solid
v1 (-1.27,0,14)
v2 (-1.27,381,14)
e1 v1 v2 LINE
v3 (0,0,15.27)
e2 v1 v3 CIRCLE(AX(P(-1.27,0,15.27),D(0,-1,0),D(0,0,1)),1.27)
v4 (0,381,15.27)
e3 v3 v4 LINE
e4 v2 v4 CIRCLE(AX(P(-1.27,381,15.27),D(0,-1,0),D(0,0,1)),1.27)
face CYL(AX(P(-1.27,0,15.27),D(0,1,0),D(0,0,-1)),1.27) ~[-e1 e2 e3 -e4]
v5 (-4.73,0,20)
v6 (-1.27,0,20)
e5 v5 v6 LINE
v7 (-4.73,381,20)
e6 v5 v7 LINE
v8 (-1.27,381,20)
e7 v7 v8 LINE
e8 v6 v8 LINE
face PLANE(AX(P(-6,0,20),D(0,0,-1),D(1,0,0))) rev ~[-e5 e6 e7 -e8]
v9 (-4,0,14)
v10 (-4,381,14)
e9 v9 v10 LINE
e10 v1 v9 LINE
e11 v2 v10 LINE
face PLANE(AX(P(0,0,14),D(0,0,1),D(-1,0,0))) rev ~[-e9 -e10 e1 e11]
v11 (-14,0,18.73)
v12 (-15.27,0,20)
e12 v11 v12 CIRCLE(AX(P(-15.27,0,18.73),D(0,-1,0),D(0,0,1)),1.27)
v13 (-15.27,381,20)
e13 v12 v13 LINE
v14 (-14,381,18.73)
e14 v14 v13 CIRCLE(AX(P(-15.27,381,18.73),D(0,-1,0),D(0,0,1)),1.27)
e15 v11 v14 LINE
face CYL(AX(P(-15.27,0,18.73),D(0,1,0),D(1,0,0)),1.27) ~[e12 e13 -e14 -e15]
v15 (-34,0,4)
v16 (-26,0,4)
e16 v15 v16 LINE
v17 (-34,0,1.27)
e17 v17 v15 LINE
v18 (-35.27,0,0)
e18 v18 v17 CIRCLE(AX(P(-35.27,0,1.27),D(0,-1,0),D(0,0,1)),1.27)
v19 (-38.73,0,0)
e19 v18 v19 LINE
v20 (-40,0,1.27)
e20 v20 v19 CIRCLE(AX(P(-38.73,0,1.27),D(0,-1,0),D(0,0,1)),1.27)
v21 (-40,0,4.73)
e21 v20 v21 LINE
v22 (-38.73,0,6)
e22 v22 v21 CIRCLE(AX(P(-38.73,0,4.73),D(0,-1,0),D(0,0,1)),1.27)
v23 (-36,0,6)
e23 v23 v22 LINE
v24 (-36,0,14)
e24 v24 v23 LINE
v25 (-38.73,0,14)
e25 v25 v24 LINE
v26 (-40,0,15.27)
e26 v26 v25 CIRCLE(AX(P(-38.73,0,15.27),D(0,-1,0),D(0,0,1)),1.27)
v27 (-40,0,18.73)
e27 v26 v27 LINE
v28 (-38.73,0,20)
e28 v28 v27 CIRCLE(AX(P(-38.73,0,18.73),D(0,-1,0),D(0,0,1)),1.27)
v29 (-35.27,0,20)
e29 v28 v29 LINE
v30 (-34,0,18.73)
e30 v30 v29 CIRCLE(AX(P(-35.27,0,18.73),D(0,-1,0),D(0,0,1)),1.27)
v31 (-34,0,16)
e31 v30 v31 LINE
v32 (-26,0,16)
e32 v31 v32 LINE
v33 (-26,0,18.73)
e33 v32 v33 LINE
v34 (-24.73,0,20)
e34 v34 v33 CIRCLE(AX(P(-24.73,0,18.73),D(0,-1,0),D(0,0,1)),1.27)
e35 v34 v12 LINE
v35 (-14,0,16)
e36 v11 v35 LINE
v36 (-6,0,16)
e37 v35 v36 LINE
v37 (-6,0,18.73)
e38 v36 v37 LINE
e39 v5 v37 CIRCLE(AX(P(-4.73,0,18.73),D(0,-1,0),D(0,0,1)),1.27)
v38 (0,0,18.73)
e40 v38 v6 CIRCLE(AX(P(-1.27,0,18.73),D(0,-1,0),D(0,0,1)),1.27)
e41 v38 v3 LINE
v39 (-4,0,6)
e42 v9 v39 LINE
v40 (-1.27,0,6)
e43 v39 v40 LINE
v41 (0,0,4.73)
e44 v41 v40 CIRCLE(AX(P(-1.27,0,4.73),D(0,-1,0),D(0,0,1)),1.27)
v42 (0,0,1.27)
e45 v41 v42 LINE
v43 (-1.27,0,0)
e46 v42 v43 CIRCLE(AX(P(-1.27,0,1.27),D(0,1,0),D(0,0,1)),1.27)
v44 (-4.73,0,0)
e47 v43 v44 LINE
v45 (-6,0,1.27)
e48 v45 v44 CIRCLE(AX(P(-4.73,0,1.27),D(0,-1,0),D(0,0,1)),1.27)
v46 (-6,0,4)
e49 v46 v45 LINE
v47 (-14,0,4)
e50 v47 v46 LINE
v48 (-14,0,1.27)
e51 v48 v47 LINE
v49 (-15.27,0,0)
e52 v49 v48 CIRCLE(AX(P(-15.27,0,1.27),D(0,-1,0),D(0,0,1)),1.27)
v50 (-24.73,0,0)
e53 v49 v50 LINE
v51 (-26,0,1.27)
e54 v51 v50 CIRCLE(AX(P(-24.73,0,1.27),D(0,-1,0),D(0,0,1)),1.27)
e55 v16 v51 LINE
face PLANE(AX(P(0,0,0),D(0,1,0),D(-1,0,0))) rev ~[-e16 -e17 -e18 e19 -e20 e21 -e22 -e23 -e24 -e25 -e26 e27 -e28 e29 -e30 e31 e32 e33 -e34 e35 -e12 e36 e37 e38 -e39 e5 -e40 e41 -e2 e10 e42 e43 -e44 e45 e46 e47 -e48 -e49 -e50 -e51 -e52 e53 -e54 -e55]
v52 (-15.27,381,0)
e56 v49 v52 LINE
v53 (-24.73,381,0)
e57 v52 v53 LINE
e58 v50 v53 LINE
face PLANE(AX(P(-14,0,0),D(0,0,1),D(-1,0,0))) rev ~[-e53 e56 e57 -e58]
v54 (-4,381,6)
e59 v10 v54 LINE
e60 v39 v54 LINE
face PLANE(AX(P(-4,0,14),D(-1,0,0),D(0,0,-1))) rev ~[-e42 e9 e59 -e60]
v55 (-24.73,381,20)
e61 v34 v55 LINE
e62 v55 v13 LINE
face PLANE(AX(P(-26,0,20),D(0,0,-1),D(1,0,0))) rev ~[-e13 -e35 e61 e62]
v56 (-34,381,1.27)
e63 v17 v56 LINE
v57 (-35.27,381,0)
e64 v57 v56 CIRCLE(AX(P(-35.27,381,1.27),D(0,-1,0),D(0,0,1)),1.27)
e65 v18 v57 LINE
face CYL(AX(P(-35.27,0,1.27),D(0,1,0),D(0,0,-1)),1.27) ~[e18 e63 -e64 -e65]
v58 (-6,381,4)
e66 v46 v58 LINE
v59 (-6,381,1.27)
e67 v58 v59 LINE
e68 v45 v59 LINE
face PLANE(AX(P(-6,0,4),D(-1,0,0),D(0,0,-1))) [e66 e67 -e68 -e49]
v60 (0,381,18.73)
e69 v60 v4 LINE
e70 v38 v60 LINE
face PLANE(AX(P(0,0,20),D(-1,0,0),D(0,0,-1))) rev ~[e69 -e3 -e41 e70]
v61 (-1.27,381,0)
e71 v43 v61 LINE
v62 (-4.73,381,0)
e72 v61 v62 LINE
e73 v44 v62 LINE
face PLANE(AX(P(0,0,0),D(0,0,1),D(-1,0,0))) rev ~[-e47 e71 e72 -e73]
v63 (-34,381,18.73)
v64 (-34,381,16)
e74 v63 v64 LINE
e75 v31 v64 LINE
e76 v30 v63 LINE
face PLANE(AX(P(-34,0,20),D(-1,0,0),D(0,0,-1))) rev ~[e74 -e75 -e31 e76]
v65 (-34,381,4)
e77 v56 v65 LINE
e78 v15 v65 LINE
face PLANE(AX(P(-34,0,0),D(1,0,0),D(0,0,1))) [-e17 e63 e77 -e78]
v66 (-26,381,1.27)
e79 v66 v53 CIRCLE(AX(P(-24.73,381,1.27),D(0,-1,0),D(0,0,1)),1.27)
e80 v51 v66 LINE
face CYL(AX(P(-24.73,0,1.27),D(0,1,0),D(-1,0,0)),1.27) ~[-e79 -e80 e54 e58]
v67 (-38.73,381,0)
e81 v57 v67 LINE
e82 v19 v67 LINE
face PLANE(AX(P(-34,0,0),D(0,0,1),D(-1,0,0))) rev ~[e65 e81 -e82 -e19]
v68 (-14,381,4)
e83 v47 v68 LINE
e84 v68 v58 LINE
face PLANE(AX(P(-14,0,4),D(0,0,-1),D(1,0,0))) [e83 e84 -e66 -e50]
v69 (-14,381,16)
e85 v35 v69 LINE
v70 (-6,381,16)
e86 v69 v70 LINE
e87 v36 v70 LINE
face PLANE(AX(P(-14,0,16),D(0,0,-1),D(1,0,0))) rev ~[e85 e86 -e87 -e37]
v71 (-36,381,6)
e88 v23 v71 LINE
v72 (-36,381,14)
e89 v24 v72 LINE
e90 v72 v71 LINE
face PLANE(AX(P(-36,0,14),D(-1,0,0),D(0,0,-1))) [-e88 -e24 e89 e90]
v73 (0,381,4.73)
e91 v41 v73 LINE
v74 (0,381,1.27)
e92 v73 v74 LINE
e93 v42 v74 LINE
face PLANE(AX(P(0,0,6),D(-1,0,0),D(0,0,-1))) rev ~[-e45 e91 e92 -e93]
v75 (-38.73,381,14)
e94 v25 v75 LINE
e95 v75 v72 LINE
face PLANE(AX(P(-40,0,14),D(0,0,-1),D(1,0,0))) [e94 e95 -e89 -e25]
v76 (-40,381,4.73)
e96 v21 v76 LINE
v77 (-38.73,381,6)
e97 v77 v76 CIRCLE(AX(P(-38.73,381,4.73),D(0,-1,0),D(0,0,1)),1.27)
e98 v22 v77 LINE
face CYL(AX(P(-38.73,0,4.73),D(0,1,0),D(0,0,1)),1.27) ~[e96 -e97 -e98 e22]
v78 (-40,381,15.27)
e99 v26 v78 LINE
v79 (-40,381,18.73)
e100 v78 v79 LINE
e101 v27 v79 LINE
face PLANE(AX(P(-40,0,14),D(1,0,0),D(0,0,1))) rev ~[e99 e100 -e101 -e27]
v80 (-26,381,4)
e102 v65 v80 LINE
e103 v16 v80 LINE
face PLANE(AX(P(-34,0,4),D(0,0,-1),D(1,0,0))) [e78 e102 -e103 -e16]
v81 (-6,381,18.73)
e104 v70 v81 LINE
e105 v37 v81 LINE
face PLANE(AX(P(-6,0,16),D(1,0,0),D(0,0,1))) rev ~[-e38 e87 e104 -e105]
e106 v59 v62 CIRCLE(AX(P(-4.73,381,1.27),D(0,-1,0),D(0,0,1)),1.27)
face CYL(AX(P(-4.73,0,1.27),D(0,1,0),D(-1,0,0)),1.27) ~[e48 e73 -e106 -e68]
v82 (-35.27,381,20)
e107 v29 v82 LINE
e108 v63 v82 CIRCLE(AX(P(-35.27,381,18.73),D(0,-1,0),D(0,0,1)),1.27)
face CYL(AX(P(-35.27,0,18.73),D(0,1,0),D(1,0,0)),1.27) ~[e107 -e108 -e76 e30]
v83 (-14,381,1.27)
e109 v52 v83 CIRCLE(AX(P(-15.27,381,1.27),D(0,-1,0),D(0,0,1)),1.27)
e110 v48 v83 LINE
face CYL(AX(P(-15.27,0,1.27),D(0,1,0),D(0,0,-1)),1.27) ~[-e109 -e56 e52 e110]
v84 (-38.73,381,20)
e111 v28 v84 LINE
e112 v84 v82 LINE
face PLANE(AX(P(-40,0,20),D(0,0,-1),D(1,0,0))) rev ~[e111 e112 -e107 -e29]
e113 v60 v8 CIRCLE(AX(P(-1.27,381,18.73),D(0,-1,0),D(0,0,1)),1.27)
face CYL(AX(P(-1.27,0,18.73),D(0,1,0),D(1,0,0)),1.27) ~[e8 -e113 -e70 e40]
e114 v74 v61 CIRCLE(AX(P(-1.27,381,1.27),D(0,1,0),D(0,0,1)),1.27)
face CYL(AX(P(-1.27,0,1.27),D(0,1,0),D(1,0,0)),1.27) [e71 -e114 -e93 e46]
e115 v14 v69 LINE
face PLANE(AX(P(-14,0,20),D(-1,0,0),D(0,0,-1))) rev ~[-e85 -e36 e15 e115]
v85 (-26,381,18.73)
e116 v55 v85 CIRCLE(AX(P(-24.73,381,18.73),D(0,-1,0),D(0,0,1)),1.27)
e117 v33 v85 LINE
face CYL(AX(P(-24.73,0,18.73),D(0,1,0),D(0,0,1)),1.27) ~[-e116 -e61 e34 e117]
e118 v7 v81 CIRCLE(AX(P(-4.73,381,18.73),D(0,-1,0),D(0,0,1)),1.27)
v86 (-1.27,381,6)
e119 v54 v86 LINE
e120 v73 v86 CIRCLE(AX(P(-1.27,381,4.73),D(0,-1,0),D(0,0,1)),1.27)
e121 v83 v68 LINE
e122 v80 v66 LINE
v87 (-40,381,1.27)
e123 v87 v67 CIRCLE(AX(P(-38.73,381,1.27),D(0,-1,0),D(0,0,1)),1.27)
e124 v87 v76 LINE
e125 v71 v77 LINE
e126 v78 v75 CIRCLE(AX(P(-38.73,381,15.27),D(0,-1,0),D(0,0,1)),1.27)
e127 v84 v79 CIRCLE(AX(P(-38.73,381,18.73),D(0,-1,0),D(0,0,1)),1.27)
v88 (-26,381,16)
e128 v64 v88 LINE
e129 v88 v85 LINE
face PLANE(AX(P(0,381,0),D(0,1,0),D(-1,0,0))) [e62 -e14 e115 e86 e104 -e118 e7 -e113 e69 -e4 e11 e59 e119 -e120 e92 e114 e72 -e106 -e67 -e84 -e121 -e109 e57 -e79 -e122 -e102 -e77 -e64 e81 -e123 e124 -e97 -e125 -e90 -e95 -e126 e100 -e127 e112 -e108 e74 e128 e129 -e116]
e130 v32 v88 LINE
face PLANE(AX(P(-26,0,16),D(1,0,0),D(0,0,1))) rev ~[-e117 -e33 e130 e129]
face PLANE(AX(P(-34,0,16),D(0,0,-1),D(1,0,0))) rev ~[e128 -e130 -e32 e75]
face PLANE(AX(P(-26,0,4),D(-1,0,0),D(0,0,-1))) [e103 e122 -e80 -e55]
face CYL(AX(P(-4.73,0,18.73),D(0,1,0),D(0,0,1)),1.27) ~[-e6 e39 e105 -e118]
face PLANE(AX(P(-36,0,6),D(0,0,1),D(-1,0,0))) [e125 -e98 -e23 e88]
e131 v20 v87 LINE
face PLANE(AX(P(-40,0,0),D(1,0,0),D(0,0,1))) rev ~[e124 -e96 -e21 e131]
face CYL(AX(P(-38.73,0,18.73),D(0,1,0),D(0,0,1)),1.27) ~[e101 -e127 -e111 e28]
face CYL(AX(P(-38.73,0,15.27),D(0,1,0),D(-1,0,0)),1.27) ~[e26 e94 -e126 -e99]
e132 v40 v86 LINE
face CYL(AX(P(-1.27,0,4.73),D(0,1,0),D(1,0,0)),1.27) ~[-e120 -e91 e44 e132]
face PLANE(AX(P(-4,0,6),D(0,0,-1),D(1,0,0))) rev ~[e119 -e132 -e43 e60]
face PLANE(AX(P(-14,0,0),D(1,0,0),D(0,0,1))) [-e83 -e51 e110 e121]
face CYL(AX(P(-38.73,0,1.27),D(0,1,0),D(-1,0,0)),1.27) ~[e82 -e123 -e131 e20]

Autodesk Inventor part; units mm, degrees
ref_plane "YZ Plane" through (0, 0, 0) normal (1, 0, 0) x (0, 1, 0)
ref_plane "XZ Plane" through (0, 0, 0) normal (0, 1, 0) x (-1, 0, 0)
ref_plane "XY Plane" through (0, 0, 0) normal (0, 0, 1) x (1, 0, 0)
sketch "Sketch1" plane through (0, 0, 0) normal (0, 1, 0) x (-1, 0, 0)
  line L0 (0, 0) -> (40, 0)
  line L1 (40, 0) -> (40, 20)
  line L2 (40, 20) -> (0, 20)
  line L3 (0, 20) -> (0, 0)
  line L4 (0, 14) -> (4, 14)
  line L5 (4, 14) -> (4, 6)
  line L6 (4, 6) -> (0, 6)
  line L7 (0, 6) -> (0, 14)
  line L8 (40, 14) -> (36, 14)
  line L9 (36, 14) -> (36, 6)
  line L10 (36, 6) -> (40, 6)
  line L11 (40, 6) -> (40, 14)
  line L12 (6, 0) -> (14, 0)
  line L13 (14, 0) -> (14, 4)
  line L14 (14, 4) -> (6, 4)
  line L15 (6, 4) -> (6, 0)
  line L16 (26, 0) -> (34, 0)
  line L17 (34, 0) -> (34, 4)
  line L18 (34, 4) -> (26, 4)
  line L19 (26, 4) -> (26, 0)
  line L20 (6, 20) -> (14, 20)
  line L21 (14, 20) -> (14, 16)
  line L22 (14, 16) -> (6, 16)
  line L23 (6, 16) -> (6, 20)
  line L24 (26, 20) -> (34, 20)
  line L25 (34, 20) -> (34, 16)
  line L26 (34, 16) -> (26, 16)
  line L27 (26, 16) -> (26, 20)
  dimension "d0" = 40
  dimension "d1" = 20
  dimension "d2" = 6
  dimension "d3" = 8
  dimension "d4" = 4
  dimension "d5" = 8
  dimension "d6" = 6
  dimension "d7" = 4
  dimension "d8" = 4
  dimension "d9" = 8
  dimension "d10" = 6
  dimension "d11" = 4
extrude "Extrusion1" add sketch "Sketch1" along normal blind 381 contours L3 L6 L5 L4 L2 L23 L22 L21 L27 L26 L25 L1 L8 L9 L10 L0 L17 L18 L19 L13 L14 L15
fillet "Fillet1" radius 1.27 16 edges at (-40, 190.5, 20) (-40, 190.5, 14) (-40, 190.5, 6) (-40, 190.5, 0) (-34, 190.5, 0) (-34, 190.5, 20) (-26, 190.5, 20) (-14, 190.5, 20) (-6, 190.5, 20) (0, 190.5, 20) (0, 190.5, 14) (0, 190.5, 6) (0, 190.5, 0) (-6, 190.5, 0) (-14, 190.5, 0) (-26, 190.5, 0)
properties part number "20X40 normal" material "Aluminum 6061"
